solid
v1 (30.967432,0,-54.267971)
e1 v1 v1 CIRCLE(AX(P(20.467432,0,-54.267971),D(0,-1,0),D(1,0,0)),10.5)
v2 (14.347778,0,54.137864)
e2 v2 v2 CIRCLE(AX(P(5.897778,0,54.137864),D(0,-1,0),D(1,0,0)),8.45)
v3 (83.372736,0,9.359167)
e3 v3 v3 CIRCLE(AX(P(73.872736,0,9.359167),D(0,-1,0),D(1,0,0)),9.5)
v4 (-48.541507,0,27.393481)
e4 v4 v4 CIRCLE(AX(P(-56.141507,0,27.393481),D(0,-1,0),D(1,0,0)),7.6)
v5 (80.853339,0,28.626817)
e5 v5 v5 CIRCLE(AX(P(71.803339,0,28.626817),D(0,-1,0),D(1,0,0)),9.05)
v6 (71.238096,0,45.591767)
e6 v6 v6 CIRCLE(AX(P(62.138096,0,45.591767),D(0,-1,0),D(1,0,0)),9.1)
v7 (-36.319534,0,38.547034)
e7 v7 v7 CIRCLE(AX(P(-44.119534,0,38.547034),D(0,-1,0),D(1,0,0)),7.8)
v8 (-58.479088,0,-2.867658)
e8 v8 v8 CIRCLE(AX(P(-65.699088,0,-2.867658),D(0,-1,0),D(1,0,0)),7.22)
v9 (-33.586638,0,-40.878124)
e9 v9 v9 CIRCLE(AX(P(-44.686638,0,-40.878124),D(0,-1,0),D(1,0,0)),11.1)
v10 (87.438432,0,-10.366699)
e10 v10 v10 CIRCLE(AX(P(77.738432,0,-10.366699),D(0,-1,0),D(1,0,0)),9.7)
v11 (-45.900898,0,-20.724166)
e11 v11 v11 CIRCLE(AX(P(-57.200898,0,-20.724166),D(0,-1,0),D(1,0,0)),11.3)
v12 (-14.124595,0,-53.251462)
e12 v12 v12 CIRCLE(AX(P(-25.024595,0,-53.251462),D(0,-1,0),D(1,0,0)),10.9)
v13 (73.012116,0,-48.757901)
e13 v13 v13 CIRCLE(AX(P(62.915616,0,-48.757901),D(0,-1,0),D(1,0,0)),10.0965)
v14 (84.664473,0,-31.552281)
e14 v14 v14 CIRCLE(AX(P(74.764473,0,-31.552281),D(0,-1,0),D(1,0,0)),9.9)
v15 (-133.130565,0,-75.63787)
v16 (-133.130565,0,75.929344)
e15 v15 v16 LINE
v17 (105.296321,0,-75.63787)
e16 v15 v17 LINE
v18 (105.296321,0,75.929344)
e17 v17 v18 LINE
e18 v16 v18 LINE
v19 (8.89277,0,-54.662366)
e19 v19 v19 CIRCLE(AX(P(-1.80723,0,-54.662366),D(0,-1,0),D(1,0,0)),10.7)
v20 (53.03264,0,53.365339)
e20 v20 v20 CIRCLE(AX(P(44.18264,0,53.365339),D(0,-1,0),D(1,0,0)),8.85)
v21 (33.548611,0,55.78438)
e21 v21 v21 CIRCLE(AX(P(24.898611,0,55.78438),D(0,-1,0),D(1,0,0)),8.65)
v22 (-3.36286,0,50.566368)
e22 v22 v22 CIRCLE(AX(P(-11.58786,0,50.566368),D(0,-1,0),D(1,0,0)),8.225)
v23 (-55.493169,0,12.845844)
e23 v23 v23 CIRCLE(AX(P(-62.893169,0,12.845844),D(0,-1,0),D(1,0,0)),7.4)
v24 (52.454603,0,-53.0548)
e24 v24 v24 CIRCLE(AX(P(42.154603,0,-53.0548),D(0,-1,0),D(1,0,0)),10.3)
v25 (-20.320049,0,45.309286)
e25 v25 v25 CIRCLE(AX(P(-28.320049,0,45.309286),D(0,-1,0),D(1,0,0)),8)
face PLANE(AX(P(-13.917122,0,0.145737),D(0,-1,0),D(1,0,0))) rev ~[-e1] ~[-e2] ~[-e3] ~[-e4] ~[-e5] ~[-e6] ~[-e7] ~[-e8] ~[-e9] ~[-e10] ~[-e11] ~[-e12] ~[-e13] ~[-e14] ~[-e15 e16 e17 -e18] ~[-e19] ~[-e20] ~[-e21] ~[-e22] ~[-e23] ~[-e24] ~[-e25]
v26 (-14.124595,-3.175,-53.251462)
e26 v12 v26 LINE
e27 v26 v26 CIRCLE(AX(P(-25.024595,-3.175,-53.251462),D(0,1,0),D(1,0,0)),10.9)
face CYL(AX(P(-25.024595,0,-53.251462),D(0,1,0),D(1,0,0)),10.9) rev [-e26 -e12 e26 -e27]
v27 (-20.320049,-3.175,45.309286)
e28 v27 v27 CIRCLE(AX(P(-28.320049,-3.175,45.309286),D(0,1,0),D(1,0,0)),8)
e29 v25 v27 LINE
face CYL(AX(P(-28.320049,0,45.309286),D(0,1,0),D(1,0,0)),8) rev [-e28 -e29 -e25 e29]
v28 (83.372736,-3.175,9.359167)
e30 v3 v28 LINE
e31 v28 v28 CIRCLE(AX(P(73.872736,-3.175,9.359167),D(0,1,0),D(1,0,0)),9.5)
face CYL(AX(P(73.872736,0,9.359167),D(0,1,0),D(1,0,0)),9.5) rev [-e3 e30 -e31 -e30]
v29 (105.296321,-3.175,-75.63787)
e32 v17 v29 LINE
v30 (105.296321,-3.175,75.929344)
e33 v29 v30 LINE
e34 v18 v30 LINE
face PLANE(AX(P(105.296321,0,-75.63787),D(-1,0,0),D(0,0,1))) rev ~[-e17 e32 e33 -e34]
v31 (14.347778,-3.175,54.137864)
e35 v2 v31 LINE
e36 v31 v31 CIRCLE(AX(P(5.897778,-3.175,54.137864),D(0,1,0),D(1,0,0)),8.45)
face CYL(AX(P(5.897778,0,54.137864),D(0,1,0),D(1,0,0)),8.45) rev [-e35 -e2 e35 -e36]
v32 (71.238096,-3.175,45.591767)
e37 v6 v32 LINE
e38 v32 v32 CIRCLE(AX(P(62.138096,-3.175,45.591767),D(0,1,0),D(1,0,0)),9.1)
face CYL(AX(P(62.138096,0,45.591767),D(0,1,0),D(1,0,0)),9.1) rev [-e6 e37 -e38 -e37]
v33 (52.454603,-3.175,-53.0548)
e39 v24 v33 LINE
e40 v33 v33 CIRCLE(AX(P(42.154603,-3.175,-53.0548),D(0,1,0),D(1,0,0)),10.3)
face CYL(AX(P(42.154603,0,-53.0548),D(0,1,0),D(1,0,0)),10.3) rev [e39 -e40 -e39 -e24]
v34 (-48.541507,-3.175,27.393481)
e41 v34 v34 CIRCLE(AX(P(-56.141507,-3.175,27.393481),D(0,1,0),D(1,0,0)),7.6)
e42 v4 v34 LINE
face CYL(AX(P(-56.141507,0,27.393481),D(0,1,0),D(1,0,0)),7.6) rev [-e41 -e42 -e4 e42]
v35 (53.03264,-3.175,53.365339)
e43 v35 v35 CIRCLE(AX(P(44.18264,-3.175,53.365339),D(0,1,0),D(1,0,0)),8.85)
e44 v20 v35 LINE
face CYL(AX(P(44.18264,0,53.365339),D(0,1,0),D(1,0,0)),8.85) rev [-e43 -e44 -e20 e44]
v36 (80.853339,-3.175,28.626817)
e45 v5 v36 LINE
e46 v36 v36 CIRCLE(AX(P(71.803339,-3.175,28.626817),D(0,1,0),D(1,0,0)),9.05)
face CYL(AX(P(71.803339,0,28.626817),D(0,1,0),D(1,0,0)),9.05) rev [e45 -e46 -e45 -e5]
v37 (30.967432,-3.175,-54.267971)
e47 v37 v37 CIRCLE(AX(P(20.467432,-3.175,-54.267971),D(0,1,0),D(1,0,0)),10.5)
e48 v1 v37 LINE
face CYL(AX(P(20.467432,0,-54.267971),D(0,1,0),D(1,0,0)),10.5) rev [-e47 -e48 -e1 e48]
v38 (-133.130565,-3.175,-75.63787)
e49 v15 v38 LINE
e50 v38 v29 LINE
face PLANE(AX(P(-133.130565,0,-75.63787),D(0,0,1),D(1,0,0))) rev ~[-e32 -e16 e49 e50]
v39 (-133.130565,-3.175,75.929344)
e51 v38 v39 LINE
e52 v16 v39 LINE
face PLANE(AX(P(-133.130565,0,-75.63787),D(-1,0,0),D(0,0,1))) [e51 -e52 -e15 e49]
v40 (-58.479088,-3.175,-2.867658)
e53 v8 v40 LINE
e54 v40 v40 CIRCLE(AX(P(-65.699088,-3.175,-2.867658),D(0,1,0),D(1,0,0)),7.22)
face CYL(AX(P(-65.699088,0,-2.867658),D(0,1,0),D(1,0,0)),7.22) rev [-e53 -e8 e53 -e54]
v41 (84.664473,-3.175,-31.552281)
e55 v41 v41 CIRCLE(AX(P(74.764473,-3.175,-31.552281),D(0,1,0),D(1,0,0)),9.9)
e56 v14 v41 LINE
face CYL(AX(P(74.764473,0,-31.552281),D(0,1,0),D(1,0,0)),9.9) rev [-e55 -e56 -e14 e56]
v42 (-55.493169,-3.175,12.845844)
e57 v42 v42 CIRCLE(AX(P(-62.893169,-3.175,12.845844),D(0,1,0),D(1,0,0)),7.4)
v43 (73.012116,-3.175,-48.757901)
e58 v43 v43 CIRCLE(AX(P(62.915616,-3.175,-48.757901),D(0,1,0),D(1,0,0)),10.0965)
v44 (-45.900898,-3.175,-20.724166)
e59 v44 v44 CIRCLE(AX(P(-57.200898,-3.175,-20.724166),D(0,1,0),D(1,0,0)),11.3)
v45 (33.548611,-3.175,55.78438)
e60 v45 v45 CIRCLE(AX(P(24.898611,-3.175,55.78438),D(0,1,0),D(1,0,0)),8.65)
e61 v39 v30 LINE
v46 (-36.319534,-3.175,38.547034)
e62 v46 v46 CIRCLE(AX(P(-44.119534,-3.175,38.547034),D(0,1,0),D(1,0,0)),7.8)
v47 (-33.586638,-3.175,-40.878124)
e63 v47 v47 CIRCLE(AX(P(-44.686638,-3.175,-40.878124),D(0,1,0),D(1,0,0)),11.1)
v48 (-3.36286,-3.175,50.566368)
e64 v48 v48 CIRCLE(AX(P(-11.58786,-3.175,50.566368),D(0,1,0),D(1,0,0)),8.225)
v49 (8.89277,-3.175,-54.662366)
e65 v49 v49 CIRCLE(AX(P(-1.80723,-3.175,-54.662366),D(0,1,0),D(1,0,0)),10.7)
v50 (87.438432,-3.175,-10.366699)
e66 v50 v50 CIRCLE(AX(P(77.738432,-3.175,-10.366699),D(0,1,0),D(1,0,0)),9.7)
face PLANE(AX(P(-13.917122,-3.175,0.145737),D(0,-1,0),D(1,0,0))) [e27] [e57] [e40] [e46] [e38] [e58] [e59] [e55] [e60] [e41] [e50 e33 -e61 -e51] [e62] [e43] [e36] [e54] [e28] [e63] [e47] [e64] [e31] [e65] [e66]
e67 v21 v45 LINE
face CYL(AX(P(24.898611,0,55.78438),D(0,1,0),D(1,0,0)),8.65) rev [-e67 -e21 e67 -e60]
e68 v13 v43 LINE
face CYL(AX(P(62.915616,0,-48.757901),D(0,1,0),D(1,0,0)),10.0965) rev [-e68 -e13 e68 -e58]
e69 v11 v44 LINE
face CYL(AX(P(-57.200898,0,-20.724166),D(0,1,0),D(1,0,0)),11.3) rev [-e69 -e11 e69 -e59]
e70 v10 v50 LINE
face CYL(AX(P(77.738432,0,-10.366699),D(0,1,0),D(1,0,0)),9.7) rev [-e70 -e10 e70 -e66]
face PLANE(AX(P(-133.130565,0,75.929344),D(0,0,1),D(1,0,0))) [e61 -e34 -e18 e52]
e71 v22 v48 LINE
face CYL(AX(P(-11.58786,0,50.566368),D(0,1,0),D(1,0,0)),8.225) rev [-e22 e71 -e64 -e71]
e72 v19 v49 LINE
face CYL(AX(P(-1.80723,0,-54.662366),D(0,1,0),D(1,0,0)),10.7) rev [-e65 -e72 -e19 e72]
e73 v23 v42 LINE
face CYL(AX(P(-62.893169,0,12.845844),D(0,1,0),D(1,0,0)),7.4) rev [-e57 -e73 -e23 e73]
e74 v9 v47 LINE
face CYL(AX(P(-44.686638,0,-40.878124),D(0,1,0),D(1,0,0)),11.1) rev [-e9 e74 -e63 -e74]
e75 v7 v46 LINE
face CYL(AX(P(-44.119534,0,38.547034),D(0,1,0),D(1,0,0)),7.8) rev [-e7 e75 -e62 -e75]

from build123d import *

# Parameters (mm, degrees)
F2_W     = 238.426886
F2_H     = 151.567214
F3_DEPTH = 3.175
F1_R     = 9.05
F1_R_2   = 9.5
F1_R_3   = 9.7
F1_R_4   = 9.9
F1_R_5   = 10.3
F1_R_6   = 10.5
F1_R_7   = 10.7
F1_R_8   = 10.9
F1_R_9   = 11.1
F1_R_10  = 11.3
F1_R_11  = 10.0965
F0_R     = 7.22
F0_R_2   = 7.4
F0_R_3   = 7.6
F0_R_4   = 7.8
F0_R_5   = 8
F0_R_6   = 8.225
F0_R_7   = 8.45
F0_R_8   = 8.65
F0_R_9   = 8.85
F0_R_10  = 9.1
F4_DEPTH = 25.4


with BuildPart() as f3:
    # F2 (on Front) → F3 (new body)
    with BuildSketch(Plane.XZ):
        with Locations((-13.917122, 0.145737)):
            Rectangle(F2_W, F2_H)
    extrude(amount=F3_DEPTH)

    # F1 (on Front) + F0 (on Front) → F4 (cut)
    with BuildSketch(Plane.XZ):
        with Locations((71.803339, 28.626817)):
            Circle(F1_R)
        with Locations((73.872736, 9.359167)):
            Circle(F1_R_2)
        with Locations((77.738432, -10.366699)):
            Circle(F1_R_3)
        with Locations((74.764473, -31.552281)):
            Circle(F1_R_4)
        with Locations((42.154603, -53.0548)):
            Circle(F1_R_5)
        with Locations((20.467432, -54.267971)):
            Circle(F1_R_6)
        with Locations((-1.80723, -54.662366)):
            Circle(F1_R_7)
        with Locations((-25.024595, -53.251462)):
            Circle(F1_R_8)
        with Locations((-44.686638, -40.878124)):
            Circle(F1_R_9)
        with Locations((-57.200898, -20.724166)):
            Circle(F1_R_10)
        with Locations((62.915616, -48.757901)):
            Circle(F1_R_11)
    with BuildSketch(Plane.XZ):
        with Locations((-65.699088, -2.867658)):
            Circle(F0_R)
        with Locations((-62.893169, 12.845844)):
            Circle(F0_R_2)
        with Locations((-56.141507, 27.393481)):
            Circle(F0_R_3)
        with Locations((-44.119534, 38.547034)):
            Circle(F0_R_4)
        with Locations((-28.320049, 45.309286)):
            Circle(F0_R_5)
        with Locations((-11.58786, 50.566368)):
            Circle(F0_R_6)
        with Locations((5.897778, 54.137864)):
            Circle(F0_R_7)
        with Locations((24.898611, 55.78438)):
            Circle(F0_R_8)
        with Locations((44.18264, 53.365339)):
            Circle(F0_R_9)
        with Locations((62.138096, 45.591767)):
            Circle(F0_R_10)
    extrude(amount=F4_DEPTH, mode=Mode.SUBTRACT)


solid = f3.part
